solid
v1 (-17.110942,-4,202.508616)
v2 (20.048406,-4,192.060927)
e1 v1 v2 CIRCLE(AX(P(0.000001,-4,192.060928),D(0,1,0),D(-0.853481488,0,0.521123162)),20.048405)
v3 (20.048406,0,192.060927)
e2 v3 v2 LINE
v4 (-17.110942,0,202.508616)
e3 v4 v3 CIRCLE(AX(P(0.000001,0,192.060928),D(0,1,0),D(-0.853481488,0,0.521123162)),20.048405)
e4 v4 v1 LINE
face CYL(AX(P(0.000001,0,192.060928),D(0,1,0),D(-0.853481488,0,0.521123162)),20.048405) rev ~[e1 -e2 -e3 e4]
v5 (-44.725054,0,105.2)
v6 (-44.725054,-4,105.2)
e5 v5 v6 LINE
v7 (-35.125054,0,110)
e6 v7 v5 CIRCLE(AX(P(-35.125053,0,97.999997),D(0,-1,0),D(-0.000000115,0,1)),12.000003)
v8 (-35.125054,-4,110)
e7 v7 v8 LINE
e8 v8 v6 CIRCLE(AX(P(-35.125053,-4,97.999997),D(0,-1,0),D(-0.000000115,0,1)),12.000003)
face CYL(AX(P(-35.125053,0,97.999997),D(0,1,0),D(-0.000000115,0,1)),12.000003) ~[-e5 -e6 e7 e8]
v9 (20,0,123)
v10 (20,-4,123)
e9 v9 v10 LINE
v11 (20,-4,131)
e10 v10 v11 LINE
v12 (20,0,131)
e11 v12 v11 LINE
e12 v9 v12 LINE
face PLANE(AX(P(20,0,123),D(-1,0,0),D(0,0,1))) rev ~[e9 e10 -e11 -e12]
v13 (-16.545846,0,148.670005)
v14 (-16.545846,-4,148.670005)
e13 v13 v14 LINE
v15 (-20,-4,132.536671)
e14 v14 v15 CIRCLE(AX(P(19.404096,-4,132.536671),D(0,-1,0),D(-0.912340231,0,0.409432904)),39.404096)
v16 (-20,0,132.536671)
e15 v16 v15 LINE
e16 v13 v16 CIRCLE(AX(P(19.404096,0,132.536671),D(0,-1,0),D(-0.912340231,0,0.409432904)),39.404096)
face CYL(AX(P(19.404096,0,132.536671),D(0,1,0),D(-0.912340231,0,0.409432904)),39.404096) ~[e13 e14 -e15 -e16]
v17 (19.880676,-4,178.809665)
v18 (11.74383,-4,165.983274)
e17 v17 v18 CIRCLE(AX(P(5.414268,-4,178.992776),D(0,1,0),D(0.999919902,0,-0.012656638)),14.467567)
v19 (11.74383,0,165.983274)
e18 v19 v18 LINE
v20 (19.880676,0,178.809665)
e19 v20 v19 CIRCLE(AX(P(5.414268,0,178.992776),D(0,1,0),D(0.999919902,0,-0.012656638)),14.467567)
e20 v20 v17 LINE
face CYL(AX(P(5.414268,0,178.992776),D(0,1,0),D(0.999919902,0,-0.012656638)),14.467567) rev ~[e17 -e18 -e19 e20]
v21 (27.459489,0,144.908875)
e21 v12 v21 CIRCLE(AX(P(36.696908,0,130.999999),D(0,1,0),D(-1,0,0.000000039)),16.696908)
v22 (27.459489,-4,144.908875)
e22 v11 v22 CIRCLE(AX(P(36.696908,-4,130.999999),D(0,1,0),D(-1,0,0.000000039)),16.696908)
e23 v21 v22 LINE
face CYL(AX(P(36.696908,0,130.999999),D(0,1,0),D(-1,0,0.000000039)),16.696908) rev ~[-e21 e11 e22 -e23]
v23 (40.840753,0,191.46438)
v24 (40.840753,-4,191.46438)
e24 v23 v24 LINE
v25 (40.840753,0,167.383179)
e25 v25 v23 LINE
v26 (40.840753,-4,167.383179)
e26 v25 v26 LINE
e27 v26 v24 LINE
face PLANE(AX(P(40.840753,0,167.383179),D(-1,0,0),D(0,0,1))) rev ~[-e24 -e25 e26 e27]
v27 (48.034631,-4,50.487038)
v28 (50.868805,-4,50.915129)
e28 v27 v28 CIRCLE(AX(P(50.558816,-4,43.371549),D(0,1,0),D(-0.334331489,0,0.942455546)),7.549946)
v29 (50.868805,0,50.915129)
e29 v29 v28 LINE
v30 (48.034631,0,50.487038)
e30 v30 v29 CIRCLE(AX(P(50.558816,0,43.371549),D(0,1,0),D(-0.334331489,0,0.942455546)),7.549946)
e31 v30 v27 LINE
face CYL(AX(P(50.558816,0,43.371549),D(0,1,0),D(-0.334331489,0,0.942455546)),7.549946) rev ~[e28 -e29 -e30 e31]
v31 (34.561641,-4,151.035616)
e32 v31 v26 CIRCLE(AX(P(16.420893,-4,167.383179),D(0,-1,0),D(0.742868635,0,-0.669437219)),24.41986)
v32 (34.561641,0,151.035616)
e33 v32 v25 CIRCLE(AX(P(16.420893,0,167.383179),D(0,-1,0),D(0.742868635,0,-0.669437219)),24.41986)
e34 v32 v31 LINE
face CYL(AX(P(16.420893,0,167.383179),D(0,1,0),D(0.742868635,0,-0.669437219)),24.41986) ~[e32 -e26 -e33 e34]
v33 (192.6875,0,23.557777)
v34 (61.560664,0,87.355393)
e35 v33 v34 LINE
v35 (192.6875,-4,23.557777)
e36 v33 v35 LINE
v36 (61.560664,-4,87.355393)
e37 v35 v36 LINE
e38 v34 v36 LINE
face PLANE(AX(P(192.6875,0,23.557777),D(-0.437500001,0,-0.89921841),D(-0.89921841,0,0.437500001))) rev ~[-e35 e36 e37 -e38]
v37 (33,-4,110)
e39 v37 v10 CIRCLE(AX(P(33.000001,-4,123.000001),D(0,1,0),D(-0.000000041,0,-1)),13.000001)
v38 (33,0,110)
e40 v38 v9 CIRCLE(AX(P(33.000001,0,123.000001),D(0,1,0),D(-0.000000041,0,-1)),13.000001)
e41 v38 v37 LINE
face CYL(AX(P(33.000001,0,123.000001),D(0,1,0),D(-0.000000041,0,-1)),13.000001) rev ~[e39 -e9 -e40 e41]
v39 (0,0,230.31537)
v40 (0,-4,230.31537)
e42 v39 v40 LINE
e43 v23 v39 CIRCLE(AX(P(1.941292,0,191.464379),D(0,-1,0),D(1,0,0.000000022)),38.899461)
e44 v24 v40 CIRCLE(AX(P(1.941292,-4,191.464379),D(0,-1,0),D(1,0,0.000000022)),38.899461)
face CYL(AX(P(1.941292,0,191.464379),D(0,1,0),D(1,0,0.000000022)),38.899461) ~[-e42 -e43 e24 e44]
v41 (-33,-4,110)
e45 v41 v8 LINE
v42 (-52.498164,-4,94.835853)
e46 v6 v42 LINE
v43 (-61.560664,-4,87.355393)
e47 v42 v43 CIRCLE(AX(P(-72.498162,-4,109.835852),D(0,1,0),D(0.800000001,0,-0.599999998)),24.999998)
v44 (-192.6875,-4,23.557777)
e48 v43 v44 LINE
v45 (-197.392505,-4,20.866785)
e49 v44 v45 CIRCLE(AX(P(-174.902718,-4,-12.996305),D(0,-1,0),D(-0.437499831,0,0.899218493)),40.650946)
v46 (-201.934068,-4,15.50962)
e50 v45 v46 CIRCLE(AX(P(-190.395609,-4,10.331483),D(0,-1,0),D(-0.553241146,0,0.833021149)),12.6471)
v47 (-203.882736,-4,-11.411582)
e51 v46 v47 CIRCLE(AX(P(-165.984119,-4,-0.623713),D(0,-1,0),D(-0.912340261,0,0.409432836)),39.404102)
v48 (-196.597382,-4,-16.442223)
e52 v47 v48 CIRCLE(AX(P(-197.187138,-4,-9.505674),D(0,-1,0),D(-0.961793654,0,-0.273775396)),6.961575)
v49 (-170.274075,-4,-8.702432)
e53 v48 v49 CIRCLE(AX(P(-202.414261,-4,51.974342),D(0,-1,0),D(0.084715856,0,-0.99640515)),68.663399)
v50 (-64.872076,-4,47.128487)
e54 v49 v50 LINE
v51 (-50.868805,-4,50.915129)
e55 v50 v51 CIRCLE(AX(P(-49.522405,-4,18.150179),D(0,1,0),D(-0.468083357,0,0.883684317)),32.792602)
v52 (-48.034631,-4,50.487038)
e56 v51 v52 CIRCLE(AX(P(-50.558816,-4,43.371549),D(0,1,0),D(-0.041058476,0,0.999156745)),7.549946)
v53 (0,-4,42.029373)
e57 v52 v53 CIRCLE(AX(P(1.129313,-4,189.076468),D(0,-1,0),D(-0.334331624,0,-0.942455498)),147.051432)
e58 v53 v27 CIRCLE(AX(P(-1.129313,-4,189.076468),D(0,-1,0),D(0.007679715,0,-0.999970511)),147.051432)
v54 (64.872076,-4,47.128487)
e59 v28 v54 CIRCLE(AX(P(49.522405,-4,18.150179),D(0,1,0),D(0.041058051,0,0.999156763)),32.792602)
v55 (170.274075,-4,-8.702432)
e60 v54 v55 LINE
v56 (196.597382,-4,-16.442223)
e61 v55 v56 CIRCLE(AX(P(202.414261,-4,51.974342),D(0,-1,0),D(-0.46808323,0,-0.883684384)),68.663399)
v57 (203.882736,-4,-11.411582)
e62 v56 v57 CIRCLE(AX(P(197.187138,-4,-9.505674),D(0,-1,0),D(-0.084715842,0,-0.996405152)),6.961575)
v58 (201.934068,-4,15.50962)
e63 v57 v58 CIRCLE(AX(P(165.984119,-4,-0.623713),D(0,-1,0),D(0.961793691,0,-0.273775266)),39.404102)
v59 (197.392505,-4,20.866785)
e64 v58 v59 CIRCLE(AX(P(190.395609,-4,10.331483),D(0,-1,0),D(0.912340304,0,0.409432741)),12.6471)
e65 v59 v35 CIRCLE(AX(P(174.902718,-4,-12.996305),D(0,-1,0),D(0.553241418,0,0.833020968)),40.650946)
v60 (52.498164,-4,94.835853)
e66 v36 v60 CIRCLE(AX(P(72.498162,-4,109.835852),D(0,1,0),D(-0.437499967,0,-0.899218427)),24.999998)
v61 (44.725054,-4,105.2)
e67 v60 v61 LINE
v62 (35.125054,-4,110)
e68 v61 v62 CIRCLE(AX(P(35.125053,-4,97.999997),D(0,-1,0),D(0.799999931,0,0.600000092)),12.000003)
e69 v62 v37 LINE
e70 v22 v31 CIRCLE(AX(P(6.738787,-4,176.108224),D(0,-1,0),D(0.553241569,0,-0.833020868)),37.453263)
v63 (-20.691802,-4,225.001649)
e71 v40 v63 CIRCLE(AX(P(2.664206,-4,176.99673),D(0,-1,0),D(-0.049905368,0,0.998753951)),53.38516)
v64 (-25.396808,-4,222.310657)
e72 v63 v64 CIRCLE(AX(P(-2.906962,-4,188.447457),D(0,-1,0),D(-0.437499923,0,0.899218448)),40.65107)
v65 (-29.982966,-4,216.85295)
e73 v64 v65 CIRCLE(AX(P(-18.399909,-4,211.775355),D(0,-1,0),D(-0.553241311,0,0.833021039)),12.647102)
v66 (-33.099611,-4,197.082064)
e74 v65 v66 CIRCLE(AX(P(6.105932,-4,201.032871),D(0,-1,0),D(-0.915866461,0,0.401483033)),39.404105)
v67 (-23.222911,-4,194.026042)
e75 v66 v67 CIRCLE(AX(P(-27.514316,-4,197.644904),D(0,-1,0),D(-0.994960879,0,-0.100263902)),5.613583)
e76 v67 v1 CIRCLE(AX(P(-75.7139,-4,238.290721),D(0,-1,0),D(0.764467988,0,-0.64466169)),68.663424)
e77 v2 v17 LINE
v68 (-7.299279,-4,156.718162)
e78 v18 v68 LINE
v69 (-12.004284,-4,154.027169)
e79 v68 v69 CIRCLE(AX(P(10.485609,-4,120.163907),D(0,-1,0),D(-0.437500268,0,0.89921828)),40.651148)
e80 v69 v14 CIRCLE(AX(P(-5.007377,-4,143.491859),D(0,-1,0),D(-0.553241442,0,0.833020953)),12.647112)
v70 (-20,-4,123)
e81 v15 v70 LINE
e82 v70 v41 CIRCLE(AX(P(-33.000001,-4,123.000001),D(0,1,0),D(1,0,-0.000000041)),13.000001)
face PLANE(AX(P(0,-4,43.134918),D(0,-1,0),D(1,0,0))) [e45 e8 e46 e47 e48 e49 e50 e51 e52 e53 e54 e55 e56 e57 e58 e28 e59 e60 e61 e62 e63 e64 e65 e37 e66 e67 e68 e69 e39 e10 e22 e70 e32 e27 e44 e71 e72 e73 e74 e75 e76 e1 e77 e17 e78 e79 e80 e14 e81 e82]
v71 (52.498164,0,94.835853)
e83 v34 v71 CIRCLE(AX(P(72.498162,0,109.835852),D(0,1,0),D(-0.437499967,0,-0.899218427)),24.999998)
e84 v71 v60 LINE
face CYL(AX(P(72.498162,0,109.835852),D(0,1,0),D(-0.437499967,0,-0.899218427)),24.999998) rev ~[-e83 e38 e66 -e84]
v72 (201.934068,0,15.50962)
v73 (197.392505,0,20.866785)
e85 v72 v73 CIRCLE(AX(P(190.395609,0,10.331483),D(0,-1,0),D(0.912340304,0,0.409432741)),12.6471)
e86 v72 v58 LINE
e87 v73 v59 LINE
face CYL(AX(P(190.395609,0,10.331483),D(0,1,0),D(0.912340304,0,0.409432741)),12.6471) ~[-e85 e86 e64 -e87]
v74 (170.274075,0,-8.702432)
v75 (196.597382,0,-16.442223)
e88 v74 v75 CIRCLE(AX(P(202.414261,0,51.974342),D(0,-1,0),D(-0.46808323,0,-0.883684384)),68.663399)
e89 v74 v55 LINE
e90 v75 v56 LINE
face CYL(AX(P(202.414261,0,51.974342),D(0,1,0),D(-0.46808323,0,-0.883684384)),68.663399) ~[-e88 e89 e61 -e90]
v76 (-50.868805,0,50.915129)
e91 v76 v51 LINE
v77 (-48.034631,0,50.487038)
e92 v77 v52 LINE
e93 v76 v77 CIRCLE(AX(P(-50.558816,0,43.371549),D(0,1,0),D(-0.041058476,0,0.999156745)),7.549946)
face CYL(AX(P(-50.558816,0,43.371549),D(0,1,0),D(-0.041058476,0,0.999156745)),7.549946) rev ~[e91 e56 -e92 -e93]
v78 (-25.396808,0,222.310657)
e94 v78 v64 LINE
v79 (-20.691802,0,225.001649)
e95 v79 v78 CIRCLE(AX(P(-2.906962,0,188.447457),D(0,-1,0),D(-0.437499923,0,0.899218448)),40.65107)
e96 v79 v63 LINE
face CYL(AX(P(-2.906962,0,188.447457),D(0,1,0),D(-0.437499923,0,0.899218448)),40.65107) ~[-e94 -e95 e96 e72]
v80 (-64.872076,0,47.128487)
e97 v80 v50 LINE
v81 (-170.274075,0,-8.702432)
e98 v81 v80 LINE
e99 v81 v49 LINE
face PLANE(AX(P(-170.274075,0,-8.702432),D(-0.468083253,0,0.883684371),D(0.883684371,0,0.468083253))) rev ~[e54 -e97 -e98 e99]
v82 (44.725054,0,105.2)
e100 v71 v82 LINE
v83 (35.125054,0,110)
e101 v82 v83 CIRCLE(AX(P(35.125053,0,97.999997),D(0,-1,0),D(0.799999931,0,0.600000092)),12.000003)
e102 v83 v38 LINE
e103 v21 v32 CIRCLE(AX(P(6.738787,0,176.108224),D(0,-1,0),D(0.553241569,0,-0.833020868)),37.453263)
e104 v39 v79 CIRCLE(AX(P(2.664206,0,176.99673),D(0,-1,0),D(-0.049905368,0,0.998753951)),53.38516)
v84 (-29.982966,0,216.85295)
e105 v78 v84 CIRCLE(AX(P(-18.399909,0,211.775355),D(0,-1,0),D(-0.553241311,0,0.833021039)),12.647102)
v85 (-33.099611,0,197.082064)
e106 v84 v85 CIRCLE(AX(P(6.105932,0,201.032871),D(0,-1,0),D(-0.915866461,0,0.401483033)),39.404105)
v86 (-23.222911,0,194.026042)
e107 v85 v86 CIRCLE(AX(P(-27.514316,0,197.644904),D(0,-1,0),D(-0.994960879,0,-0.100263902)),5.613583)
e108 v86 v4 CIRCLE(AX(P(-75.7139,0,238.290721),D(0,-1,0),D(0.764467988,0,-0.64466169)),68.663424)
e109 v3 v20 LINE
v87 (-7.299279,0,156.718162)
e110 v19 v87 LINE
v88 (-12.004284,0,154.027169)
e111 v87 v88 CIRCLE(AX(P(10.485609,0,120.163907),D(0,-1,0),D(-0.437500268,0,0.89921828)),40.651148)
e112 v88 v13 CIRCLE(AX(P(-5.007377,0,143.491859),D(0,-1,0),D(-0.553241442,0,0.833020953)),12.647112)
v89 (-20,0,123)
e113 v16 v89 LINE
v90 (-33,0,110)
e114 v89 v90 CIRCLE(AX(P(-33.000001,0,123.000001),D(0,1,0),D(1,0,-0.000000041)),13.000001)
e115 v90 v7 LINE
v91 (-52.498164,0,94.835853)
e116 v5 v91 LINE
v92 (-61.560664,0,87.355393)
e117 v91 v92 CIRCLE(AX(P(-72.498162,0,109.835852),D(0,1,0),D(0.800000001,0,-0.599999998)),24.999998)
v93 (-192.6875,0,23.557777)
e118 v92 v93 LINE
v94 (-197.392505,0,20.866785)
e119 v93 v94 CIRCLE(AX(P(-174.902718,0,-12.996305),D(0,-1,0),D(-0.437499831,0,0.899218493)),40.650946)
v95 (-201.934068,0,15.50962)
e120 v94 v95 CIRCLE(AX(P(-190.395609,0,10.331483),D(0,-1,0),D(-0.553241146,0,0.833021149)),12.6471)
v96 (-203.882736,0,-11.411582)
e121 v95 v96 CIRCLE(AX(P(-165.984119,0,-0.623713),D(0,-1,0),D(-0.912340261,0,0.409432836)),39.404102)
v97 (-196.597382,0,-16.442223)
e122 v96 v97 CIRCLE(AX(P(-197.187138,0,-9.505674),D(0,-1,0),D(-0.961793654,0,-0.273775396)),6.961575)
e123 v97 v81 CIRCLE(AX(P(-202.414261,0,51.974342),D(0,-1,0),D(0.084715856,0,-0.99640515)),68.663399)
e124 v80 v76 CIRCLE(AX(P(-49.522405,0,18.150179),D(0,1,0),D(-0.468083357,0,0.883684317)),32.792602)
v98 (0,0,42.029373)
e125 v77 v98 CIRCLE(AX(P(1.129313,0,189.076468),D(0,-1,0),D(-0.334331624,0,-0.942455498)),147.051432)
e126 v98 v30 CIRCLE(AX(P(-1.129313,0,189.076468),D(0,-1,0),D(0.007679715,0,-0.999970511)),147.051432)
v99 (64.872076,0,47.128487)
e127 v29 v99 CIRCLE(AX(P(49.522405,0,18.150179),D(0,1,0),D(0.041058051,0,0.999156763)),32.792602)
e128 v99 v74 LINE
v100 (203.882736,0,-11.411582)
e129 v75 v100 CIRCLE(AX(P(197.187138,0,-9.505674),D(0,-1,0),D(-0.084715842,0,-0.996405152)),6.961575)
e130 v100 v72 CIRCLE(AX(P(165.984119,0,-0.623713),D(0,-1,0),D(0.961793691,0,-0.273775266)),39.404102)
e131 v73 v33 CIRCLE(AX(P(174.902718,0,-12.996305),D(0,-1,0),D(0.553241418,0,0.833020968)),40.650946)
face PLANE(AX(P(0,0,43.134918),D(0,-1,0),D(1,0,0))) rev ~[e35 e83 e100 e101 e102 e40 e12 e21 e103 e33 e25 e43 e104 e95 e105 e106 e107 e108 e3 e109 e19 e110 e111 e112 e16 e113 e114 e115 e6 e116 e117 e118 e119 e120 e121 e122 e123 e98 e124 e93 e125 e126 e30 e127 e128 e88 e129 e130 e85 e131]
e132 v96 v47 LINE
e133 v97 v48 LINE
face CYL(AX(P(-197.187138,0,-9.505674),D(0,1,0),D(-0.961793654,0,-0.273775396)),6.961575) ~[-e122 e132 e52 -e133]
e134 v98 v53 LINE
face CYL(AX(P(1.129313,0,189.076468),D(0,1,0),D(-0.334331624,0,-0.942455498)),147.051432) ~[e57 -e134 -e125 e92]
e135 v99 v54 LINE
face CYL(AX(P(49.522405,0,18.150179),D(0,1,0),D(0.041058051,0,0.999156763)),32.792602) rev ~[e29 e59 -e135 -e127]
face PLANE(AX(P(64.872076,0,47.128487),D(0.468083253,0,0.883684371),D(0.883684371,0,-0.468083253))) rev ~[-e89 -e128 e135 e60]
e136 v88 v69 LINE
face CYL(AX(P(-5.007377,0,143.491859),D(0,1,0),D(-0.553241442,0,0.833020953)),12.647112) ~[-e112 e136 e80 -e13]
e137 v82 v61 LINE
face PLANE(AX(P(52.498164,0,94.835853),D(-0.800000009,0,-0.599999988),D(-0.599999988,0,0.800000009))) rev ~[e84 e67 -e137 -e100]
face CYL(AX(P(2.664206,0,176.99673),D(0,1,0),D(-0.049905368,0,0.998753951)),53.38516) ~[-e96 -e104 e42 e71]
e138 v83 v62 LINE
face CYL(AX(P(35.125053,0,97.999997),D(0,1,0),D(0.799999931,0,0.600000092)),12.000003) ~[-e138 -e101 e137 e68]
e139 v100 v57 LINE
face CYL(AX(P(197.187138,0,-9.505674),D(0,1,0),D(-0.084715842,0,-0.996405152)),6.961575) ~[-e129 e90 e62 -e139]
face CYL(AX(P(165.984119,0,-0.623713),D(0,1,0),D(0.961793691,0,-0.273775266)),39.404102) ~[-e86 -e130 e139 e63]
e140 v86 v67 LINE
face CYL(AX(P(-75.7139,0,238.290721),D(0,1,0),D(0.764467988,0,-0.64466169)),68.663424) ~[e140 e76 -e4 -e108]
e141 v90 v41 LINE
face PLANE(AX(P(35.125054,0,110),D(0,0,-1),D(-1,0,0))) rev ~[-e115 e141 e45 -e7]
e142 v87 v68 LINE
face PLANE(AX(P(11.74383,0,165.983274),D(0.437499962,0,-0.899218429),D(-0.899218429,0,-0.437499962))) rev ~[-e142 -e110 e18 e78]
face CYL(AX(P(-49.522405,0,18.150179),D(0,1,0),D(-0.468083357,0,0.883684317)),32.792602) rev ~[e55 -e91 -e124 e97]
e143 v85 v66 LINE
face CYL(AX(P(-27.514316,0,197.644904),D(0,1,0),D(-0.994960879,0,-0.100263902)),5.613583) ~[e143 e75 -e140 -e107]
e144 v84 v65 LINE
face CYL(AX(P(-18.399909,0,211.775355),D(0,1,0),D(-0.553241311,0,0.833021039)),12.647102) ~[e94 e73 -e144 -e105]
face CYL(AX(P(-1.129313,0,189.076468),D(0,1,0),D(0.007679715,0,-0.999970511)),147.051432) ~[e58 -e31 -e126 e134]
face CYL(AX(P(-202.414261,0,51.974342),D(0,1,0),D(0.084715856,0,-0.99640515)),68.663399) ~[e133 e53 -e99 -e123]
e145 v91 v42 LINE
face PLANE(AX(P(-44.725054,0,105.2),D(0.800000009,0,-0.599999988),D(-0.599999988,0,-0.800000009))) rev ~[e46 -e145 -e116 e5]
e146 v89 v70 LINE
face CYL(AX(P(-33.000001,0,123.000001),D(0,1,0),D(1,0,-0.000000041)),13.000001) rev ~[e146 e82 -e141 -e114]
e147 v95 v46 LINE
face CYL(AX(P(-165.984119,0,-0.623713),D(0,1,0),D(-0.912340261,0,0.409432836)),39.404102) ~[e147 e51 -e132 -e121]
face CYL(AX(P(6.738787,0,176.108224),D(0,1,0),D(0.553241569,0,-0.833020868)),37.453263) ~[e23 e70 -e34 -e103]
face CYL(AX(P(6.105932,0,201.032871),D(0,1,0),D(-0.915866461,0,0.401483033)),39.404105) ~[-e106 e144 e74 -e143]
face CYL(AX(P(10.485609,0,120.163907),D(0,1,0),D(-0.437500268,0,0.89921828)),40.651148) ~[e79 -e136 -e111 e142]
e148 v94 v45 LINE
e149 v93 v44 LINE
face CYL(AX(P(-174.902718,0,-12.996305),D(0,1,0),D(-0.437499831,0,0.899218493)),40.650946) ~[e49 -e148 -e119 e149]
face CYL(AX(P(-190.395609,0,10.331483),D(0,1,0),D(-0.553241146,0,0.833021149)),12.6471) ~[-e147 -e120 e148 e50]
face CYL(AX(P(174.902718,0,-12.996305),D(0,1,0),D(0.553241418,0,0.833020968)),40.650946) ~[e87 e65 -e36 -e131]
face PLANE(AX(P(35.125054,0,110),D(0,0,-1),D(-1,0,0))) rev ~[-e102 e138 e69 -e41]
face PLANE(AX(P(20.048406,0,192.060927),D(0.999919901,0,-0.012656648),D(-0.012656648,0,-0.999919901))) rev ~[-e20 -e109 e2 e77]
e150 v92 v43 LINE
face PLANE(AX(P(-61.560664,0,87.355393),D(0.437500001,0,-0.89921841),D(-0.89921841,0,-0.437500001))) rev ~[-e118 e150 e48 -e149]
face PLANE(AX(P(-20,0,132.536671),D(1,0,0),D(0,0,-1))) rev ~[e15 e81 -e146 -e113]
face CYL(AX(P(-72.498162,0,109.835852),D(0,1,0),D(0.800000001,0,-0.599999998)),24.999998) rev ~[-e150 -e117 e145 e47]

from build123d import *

# Parameters (mm, degrees)
F3_DEPTH = 4
F4_DEPTH = 4


with BuildPart() as f3:
    # F1 (on Front) → F3 (new body)
    with BuildSketch(Plane.XZ):
        with BuildLine():
            Line((-44.725054, 105.2), (-52.498164, 94.835853))
            ThreePointArc((-52.498164, 94.835853), (-56.583657, 90.555592), (-61.560664, 87.355393))
            Line((-61.560664, 87.355393), (-192.6875, 23.557777))
            ThreePointArc((-192.6875, 23.557777), (-195.084903, 22.290786), (-197.392505, 20.866785))
            ThreePointArc((-197.392505, 20.866785), (-200.042611, 18.509777), (-201.934068, 15.50962))
            ThreePointArc((-201.934068, 15.50962), (-205.285397, 2.221076), (-203.882736, -11.411582))
            ThreePointArc((-203.882736, -11.411582), (-201.142788, -15.23423), (-196.597382, -16.442223))
            ThreePointArc((-196.597382, -16.442223), (-183.045193, -13.900552), (-170.274075, -8.702432))
            Line((-170.274075, -8.702432), (-64.872076, 47.128487))
            ThreePointArc((-64.872076, 47.128487), (-58.08245, 49.805832), (-50.868805, 50.915129))
            ThreePointArc((-50.868805, 50.915129), (-49.431216, 50.836816), (-48.034631, 50.487038))
            ThreePointArc((-48.034631, 50.487038), (-24.370411, 44.252825), (0, 42.029373))
            ThreePointArc((0, 42.029373), (24.370411, 44.252825), (48.034631, 50.487038))
            ThreePointArc((48.034631, 50.487038), (49.431216, 50.836816), (50.868805, 50.915129))
            ThreePointArc((50.868805, 50.915129), (58.08245, 49.805832), (64.872076, 47.128487))
            Line((64.872076, 47.128487), (170.274075, -8.702432))
            ThreePointArc((170.274075, -8.702432), (183.045193, -13.900552), (196.597382, -16.442223))
            ThreePointArc((196.597382, -16.442223), (201.142788, -15.23423), (203.882736, -11.411582))
            ThreePointArc((203.882736, -11.411582), (205.285397, 2.221076), (201.934068, 15.50962))
            ThreePointArc((201.934068, 15.50962), (200.042611, 18.509777), (197.392505, 20.866785))
            ThreePointArc((197.392505, 20.866785), (195.084903, 22.290786), (192.6875, 23.557777))
            Line((192.6875, 23.557777), (61.560664, 87.355393))
            ThreePointArc((61.560664, 87.355393), (56.583657, 90.555592), (52.498164, 94.835853))
            Line((52.498164, 94.835853), (44.725054, 105.2))
            ThreePointArc((44.725054, 105.2), (40.491617, 108.733126), (35.125054, 110))
            Line((35.125054, 110), (0, 110))
            Line((0, 110), (-35.125054, 110))
            ThreePointArc((-35.125054, 110), (-40.491617, 108.733126), (-44.725054, 105.2))
        make_face()
    extrude(amount=F3_DEPTH)

    # F2 (on Front) → F4 (join)
    with BuildSketch(Plane.XZ):
        with BuildLine():
            ThreePointArc((33, 110), (23.807612, 113.807612), (20, 123))
            Line((20, 123), (20, 131))
            ThreePointArc((20, 131), (21.982577, 138.891463), (27.459489, 144.908875))
            ThreePointArc((27.459489, 144.908875), (31.203117, 147.749038), (34.561641, 151.035616))
            ThreePointArc((34.561641, 151.035616), (39.21699, 158.62718), (40.840753, 167.383179))
            Line((40.840753, 167.383179), (40.840753, 191.46438))
            ThreePointArc((40.840753, 191.46438), (28.75223, 219.648447), (0, 230.31537))
            ThreePointArc((0, 230.31537), (-10.614416, 228.704114), (-20.691802, 225.001649))
            ThreePointArc((-20.691802, 225.001649), (-23.089205, 223.734658), (-25.396808, 222.310657))
            ThreePointArc((-25.396808, 222.310657), (-28.082385, 219.911622), (-29.982966, 216.85295))
            ThreePointArc((-29.982966, 216.85295), (-32.817521, 207.16869), (-33.099611, 197.082064))
            ThreePointArc((-33.099611, 197.082064), (-29.17364, 192.282166), (-23.222911, 194.026042))
            ThreePointArc((-23.222911, 194.026042), (-20.00524, 198.150829), (-17.110942, 202.508616))
            ThreePointArc((-17.110942, 202.508616), (5.426392, 211.361001), (20.048406, 192.060927))
            Line((20.048406, 192.060927), (19.880676, 178.809665))
            ThreePointArc((19.880676, 178.809665), (17.630944, 171.242723), (11.74383, 165.983274))
            Line((11.74383, 165.983274), (-7.299279, 156.718162))
            ThreePointArc((-7.299279, 156.718162), (-9.696682, 155.45117), (-12.004284, 154.027169))
            ThreePointArc((-12.004284, 154.027169), (-14.654389, 151.670161), (-16.545846, 148.670005))
            ThreePointArc((-16.545846, 148.670005), (-19.126786, 140.786151), (-20, 132.536671))
            Line((-20, 132.536671), (-20, 123))
            ThreePointArc((-20, 123), (-23.807612, 113.807612), (-33, 110))
            Line((-33, 110), (33, 110))
        make_face()
    extrude(amount=F4_DEPTH)


solid = f3.part
